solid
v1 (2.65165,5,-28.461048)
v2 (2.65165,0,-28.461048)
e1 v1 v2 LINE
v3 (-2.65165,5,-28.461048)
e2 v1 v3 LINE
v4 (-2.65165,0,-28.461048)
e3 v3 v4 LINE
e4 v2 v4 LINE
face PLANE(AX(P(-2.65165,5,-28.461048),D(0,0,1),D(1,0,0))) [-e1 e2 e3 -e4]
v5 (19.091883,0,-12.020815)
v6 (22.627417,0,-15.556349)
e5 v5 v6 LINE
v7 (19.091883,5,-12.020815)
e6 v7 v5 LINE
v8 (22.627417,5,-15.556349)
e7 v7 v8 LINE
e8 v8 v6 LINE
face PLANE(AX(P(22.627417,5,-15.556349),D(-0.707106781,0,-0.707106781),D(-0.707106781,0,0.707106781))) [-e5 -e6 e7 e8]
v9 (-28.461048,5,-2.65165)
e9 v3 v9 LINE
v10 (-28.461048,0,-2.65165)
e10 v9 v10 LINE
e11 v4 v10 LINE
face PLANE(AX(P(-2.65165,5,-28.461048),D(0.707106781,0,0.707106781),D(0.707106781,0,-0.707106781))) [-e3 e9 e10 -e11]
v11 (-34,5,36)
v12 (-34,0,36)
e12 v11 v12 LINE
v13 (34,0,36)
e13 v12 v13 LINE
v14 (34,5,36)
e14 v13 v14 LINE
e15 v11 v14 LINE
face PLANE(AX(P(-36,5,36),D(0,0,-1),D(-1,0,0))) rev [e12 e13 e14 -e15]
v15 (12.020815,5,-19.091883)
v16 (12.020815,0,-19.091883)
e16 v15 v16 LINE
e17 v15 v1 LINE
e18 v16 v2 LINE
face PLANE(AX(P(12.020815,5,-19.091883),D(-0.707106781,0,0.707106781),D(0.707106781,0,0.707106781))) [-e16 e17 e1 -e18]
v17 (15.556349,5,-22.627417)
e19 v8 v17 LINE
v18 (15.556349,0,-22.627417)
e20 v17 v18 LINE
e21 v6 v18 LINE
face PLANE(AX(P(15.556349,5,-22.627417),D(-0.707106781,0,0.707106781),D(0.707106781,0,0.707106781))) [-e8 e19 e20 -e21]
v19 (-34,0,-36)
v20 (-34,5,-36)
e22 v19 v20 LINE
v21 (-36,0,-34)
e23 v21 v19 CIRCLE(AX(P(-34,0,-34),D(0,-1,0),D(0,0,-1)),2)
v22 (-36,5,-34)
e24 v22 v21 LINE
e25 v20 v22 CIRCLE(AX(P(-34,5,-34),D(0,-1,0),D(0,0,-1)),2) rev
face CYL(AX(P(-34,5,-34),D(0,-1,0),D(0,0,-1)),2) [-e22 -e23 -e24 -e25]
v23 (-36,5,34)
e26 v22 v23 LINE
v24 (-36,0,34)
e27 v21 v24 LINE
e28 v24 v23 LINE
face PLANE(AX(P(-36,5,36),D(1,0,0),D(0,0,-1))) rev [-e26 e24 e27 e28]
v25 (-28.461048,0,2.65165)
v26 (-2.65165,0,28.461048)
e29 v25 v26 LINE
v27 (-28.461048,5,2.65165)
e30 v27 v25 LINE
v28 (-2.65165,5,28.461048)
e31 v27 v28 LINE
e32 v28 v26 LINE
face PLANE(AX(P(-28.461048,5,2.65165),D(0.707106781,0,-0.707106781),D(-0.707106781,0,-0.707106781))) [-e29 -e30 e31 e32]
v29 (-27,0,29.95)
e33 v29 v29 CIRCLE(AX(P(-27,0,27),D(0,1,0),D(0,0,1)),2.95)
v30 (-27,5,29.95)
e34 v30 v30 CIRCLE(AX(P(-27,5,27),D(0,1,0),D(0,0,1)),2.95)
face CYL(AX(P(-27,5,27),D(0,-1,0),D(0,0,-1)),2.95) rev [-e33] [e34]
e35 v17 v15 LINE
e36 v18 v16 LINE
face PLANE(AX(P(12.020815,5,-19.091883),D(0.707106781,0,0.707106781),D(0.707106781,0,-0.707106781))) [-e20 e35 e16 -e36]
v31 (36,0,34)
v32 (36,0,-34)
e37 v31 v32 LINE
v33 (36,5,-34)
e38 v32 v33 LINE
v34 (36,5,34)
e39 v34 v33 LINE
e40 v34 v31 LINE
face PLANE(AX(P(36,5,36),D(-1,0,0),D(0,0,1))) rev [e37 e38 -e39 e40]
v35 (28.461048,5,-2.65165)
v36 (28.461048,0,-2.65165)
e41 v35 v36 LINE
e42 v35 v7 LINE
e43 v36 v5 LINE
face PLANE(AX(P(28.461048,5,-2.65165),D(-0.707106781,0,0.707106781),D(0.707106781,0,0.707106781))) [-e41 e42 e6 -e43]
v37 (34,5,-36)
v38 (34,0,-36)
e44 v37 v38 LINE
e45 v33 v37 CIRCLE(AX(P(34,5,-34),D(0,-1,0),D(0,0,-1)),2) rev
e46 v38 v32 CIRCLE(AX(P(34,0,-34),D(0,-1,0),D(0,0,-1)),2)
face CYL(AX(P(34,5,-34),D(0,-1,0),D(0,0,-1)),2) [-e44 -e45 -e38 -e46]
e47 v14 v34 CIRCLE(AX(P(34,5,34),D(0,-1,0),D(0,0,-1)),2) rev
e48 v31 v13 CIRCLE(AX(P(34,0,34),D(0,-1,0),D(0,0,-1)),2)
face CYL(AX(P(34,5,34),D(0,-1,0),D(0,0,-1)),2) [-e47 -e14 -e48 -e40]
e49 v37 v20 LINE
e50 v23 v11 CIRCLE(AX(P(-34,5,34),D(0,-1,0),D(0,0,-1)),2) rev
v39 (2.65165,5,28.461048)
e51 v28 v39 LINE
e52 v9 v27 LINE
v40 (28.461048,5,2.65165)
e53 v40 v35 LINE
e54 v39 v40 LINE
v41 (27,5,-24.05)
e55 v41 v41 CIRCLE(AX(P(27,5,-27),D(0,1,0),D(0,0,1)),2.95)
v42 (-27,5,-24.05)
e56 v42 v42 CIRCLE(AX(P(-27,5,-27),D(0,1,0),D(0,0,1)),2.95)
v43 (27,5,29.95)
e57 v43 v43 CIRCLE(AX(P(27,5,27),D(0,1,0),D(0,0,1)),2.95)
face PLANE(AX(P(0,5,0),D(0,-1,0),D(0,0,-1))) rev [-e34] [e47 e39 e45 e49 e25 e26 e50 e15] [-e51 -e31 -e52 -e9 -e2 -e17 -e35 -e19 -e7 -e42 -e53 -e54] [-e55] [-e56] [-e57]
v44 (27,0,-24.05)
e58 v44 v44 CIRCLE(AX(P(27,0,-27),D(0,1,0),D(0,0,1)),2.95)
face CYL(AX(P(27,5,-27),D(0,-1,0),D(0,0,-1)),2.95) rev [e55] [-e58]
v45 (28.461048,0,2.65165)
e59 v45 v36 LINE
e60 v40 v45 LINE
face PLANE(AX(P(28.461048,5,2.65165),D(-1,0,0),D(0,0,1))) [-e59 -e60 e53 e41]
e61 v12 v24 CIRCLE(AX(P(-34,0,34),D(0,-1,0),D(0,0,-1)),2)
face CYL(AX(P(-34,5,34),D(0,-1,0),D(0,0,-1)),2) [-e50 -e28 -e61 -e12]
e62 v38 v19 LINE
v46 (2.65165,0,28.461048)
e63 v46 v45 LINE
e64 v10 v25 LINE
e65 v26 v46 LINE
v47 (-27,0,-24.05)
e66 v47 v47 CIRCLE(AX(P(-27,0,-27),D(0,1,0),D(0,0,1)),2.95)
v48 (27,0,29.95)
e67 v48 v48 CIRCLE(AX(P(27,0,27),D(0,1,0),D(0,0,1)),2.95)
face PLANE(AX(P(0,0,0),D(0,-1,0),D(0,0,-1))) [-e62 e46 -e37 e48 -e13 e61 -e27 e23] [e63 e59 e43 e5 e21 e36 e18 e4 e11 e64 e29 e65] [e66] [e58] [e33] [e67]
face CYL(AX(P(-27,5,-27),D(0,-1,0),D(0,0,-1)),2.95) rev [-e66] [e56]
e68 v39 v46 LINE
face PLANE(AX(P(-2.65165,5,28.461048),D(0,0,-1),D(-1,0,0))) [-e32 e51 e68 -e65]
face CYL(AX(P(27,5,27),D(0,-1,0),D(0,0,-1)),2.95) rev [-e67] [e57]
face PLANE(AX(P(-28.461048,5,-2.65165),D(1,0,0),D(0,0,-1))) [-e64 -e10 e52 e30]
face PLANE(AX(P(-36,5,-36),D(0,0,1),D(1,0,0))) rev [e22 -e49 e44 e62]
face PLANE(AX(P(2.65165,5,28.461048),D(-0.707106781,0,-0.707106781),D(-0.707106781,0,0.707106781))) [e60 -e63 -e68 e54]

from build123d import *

# Parameters (mm, degrees)
SKETCH1_W           = 72
SKETCH1_H           = 72
SKETCH1_R           = 2.95
BOSS_EXTRUDE1_DEPTH = 5
FILLET1_R           = 2


with BuildPart() as part:
    # Sketch1 → Boss-Extrude1 (new body)
    with BuildSketch(Plane(origin=(0, 0, 0), x_dir=(1, 0, 0), z_dir=(0, 1, 0))):
        Rectangle(SKETCH1_W, SKETCH1_H)
        with Locations(Location((-27, 27, 0), (0, 0, 270))):
            Circle(SKETCH1_R, mode=Mode.SUBTRACT)
        with Locations(Location((27, -27, 0), (0, 0, 270))):
            Circle(SKETCH1_R, mode=Mode.SUBTRACT)
        with Locations(Location((-27, -27, 0), (0, 0, 270))):
            Circle(SKETCH1_R, mode=Mode.SUBTRACT)
        with Locations(Location((27, 27, 0), (0, 0, 270))):
            Circle(SKETCH1_R, mode=Mode.SUBTRACT)
        Polygon((-28.461047943, -2.651650429), (-2.651650429, -28.461047943), (2.651650429, -28.461047943), (28.461047943, -2.651650429), (28.461047943, 2.651650429), (19.091883092, 12.02081528), (22.627416998, 15.556349186), (15.556349186, 22.627416998), (12.02081528, 19.091883092), (2.651650429, 28.461047943), (-2.651650429, 28.461047943), (-28.461047943, 2.651650429), align=None, mode=Mode.SUBTRACT)
    extrude(amount=BOSS_EXTRUDE1_DEPTH)

    # Fillet1
    fillet1_edges = [part.edges().sort_by_distance(p)[0] for p in [
        (36, 2.5, 36),
        (-36, 2.5, 36),
        (-36, 2.5, -36),
        (36, 2.5, -36),
    ]]
    fillet(fillet1_edges, radius=FILLET1_R)


solid = part.part
